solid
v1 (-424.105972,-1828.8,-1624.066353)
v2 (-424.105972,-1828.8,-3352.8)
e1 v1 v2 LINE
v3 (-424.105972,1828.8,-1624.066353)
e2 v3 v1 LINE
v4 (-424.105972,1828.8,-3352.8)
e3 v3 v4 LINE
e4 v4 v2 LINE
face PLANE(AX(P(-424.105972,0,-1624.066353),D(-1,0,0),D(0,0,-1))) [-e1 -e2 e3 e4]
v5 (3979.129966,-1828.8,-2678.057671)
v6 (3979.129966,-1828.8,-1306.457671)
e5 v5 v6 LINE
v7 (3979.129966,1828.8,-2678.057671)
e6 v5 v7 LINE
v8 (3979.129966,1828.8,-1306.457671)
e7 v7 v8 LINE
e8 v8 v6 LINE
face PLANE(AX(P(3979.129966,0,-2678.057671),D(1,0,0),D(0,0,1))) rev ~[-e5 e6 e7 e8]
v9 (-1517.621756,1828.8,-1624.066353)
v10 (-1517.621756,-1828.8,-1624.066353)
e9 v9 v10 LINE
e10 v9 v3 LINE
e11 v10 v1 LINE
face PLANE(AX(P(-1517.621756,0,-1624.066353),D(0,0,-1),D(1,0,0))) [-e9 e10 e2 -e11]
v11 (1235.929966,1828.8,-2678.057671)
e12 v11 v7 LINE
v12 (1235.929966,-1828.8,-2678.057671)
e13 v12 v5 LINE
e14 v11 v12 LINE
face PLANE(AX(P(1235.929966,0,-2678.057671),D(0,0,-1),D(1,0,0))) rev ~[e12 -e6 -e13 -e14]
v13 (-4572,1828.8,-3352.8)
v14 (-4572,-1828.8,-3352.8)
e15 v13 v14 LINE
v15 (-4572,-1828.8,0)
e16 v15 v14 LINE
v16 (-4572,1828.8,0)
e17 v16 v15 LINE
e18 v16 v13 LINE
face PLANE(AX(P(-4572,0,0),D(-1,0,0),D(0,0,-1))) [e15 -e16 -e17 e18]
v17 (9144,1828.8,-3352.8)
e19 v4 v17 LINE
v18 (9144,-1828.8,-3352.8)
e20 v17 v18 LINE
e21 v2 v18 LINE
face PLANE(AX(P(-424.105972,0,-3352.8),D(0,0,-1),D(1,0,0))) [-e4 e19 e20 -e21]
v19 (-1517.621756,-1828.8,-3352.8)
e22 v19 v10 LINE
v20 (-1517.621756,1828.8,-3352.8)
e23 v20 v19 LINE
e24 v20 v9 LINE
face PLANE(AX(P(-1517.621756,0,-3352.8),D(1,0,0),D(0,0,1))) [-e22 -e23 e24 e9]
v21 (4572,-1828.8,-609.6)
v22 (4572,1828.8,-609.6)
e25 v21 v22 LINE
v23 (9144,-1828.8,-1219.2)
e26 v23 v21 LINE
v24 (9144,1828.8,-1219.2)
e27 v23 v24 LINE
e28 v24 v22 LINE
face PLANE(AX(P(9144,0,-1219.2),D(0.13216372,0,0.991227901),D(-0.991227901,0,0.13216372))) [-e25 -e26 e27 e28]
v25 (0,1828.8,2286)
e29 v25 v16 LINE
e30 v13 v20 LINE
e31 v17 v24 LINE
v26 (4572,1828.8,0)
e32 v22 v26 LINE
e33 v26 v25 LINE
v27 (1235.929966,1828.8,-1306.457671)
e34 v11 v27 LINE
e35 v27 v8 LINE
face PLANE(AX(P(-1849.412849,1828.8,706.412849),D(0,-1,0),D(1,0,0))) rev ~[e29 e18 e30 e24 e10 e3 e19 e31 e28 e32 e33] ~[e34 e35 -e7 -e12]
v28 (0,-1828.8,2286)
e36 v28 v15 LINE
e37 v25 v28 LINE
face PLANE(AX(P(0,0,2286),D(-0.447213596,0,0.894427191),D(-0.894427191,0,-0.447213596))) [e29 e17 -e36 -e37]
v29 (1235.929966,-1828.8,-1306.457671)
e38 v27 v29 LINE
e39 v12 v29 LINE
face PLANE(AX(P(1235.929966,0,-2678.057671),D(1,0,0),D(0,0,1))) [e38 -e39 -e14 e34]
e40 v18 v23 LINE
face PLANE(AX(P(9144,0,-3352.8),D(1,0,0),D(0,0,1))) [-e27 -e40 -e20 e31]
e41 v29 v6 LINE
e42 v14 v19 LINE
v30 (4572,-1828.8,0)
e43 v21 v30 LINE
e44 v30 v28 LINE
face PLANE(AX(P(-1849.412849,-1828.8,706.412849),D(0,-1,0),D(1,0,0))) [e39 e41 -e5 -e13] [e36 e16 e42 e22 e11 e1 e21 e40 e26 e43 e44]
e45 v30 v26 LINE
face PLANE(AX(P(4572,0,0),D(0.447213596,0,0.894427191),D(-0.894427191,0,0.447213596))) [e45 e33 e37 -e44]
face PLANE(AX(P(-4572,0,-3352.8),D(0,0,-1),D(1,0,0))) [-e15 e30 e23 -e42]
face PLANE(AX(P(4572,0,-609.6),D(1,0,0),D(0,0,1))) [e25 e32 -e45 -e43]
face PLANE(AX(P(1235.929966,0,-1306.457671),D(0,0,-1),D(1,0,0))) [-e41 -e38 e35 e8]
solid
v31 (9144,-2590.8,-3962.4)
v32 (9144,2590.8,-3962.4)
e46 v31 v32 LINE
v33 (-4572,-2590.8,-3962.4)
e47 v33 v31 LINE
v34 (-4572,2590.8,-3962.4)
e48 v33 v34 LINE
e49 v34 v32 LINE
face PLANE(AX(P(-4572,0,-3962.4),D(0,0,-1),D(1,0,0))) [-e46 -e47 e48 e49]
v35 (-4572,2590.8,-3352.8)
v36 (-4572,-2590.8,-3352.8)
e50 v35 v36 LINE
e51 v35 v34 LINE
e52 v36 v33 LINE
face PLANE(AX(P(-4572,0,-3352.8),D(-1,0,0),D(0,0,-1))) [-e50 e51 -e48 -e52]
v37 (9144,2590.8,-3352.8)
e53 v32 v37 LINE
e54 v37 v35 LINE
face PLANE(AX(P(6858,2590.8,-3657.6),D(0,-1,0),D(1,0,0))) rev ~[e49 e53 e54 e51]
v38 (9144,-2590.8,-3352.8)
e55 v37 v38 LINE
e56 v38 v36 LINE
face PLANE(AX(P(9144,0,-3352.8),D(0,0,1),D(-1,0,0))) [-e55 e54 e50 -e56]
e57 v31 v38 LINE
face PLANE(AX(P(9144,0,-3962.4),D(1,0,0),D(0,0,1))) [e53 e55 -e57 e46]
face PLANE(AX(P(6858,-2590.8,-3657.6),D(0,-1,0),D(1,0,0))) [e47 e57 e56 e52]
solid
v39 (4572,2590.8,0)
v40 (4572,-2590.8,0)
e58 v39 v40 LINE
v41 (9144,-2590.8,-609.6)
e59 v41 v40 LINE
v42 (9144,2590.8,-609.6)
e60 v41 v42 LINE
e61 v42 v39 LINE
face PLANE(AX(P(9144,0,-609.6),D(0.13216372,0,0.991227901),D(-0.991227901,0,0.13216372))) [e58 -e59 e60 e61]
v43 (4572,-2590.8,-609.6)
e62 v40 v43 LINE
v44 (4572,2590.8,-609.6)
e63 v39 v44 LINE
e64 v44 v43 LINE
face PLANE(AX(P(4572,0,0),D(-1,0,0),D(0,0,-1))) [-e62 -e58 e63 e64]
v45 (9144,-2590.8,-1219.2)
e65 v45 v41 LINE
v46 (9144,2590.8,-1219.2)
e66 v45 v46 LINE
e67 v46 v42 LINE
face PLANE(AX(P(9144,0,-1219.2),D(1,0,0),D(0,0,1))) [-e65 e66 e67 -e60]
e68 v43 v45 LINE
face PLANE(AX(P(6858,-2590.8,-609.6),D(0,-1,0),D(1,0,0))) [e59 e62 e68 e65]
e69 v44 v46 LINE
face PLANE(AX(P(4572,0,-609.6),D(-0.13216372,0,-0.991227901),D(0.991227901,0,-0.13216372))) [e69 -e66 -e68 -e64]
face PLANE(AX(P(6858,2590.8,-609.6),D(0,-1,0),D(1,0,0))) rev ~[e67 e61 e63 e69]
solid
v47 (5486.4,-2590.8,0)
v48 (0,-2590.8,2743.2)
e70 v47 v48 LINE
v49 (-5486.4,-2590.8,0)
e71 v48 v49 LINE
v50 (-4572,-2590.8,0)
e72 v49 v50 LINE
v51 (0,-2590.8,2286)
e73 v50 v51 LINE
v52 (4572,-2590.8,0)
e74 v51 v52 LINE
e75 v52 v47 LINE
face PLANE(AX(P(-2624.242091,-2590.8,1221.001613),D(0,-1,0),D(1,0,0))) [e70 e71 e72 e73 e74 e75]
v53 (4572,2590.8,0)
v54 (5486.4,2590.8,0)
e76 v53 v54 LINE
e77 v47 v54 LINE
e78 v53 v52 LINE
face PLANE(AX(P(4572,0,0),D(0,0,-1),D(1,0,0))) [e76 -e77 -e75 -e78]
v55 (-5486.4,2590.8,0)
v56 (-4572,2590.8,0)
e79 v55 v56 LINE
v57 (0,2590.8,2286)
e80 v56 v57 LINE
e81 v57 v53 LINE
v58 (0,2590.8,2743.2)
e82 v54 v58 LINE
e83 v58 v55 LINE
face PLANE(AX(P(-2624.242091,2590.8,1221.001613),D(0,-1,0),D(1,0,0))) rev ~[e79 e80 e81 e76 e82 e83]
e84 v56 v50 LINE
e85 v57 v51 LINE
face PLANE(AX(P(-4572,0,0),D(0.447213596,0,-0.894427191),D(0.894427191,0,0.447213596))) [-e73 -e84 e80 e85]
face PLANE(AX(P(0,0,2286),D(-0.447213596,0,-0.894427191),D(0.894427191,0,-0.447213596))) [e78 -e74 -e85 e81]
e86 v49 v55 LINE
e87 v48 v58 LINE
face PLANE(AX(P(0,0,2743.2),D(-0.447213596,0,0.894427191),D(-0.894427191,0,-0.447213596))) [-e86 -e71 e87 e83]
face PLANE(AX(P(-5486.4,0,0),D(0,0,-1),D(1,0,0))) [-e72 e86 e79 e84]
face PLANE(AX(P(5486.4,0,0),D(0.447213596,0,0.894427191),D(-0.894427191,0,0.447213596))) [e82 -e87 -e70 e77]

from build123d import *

# Parameters (mm, degrees)
F1_DEPTH = 2590.8
F0_W     = 4572
F0_H     = 609.6
F0_W_2   = 2743.2
F0_H_2   = 1371.6
F2_DEPTH = 1828.8


with BuildPart() as f1:
    # F0 (on Front) → F1 (new body, symmetric)
    with BuildSketch(Plane.XZ):
        Polygon((-5486.4, 0), (-4572, 0), (0, 2286), (0, 2743.2), align=None)
        Polygon((0, 2286), (4572, 0), (5486.4, 0), (0, 2743.2), align=None)
    extrude(amount=F1_DEPTH, both=True)


with BuildPart() as f1b:
    # F0 (on Front) → F1, piece 2 (new body, symmetric)
    with BuildSketch(Plane.XZ):
        Polygon((9144, -609.6), (4572, 0), (4572, -609.6), (9144, -1219.2), align=None)
    extrude(amount=F1_DEPTH, both=True)


with BuildPart() as f1c:
    # F0 (on Front) → F1, piece 3 (new body, symmetric)
    with BuildSketch(Plane.XZ):
        with Locations((6858, -3657.6)):
            Rectangle(F0_W, F0_H)
        Polygon((-1517.6217556, -3352.8), (-4572, -3352.8), (-4572, -3962.4), (4572, -3962.4), (4572, -3352.8), (-424.1059720516, -3352.8), align=None)
    extrude(amount=F1_DEPTH, both=True)


with BuildPart() as f2:
    # F0 (on Front) → F2 (new body, symmetric)
    with BuildSketch(Plane.XZ):
        Polygon((-4572, 0), (0, 0), (0, 2286), align=None)
        Polygon((0, 2286), (0, 0), (4572, 0), align=None)
        Polygon((4572, 0), (0, 0), (-4572, 0), (-4572, -3352.8), (-1517.6217556, -3352.8), (-1517.6217556, -1624.0663528442), (-424.1059720516, -1624.0663528442), (-424.1059720516, -3352.8), (4572, -3352.8), (4572, -609.6), align=None)
        with Locations((2607.5299659729, -1992.2576705933)):
            Rectangle(F0_W_2, F0_H_2, mode=Mode.SUBTRACT)
        Polygon((9144, -1219.2), (4572, -609.6), (4572, -3352.8), (9144, -3352.8), align=None)
    extrude(amount=F2_DEPTH, both=True)


solid = Compound([f1.part, f1b.part, f1c.part, f2.part])
